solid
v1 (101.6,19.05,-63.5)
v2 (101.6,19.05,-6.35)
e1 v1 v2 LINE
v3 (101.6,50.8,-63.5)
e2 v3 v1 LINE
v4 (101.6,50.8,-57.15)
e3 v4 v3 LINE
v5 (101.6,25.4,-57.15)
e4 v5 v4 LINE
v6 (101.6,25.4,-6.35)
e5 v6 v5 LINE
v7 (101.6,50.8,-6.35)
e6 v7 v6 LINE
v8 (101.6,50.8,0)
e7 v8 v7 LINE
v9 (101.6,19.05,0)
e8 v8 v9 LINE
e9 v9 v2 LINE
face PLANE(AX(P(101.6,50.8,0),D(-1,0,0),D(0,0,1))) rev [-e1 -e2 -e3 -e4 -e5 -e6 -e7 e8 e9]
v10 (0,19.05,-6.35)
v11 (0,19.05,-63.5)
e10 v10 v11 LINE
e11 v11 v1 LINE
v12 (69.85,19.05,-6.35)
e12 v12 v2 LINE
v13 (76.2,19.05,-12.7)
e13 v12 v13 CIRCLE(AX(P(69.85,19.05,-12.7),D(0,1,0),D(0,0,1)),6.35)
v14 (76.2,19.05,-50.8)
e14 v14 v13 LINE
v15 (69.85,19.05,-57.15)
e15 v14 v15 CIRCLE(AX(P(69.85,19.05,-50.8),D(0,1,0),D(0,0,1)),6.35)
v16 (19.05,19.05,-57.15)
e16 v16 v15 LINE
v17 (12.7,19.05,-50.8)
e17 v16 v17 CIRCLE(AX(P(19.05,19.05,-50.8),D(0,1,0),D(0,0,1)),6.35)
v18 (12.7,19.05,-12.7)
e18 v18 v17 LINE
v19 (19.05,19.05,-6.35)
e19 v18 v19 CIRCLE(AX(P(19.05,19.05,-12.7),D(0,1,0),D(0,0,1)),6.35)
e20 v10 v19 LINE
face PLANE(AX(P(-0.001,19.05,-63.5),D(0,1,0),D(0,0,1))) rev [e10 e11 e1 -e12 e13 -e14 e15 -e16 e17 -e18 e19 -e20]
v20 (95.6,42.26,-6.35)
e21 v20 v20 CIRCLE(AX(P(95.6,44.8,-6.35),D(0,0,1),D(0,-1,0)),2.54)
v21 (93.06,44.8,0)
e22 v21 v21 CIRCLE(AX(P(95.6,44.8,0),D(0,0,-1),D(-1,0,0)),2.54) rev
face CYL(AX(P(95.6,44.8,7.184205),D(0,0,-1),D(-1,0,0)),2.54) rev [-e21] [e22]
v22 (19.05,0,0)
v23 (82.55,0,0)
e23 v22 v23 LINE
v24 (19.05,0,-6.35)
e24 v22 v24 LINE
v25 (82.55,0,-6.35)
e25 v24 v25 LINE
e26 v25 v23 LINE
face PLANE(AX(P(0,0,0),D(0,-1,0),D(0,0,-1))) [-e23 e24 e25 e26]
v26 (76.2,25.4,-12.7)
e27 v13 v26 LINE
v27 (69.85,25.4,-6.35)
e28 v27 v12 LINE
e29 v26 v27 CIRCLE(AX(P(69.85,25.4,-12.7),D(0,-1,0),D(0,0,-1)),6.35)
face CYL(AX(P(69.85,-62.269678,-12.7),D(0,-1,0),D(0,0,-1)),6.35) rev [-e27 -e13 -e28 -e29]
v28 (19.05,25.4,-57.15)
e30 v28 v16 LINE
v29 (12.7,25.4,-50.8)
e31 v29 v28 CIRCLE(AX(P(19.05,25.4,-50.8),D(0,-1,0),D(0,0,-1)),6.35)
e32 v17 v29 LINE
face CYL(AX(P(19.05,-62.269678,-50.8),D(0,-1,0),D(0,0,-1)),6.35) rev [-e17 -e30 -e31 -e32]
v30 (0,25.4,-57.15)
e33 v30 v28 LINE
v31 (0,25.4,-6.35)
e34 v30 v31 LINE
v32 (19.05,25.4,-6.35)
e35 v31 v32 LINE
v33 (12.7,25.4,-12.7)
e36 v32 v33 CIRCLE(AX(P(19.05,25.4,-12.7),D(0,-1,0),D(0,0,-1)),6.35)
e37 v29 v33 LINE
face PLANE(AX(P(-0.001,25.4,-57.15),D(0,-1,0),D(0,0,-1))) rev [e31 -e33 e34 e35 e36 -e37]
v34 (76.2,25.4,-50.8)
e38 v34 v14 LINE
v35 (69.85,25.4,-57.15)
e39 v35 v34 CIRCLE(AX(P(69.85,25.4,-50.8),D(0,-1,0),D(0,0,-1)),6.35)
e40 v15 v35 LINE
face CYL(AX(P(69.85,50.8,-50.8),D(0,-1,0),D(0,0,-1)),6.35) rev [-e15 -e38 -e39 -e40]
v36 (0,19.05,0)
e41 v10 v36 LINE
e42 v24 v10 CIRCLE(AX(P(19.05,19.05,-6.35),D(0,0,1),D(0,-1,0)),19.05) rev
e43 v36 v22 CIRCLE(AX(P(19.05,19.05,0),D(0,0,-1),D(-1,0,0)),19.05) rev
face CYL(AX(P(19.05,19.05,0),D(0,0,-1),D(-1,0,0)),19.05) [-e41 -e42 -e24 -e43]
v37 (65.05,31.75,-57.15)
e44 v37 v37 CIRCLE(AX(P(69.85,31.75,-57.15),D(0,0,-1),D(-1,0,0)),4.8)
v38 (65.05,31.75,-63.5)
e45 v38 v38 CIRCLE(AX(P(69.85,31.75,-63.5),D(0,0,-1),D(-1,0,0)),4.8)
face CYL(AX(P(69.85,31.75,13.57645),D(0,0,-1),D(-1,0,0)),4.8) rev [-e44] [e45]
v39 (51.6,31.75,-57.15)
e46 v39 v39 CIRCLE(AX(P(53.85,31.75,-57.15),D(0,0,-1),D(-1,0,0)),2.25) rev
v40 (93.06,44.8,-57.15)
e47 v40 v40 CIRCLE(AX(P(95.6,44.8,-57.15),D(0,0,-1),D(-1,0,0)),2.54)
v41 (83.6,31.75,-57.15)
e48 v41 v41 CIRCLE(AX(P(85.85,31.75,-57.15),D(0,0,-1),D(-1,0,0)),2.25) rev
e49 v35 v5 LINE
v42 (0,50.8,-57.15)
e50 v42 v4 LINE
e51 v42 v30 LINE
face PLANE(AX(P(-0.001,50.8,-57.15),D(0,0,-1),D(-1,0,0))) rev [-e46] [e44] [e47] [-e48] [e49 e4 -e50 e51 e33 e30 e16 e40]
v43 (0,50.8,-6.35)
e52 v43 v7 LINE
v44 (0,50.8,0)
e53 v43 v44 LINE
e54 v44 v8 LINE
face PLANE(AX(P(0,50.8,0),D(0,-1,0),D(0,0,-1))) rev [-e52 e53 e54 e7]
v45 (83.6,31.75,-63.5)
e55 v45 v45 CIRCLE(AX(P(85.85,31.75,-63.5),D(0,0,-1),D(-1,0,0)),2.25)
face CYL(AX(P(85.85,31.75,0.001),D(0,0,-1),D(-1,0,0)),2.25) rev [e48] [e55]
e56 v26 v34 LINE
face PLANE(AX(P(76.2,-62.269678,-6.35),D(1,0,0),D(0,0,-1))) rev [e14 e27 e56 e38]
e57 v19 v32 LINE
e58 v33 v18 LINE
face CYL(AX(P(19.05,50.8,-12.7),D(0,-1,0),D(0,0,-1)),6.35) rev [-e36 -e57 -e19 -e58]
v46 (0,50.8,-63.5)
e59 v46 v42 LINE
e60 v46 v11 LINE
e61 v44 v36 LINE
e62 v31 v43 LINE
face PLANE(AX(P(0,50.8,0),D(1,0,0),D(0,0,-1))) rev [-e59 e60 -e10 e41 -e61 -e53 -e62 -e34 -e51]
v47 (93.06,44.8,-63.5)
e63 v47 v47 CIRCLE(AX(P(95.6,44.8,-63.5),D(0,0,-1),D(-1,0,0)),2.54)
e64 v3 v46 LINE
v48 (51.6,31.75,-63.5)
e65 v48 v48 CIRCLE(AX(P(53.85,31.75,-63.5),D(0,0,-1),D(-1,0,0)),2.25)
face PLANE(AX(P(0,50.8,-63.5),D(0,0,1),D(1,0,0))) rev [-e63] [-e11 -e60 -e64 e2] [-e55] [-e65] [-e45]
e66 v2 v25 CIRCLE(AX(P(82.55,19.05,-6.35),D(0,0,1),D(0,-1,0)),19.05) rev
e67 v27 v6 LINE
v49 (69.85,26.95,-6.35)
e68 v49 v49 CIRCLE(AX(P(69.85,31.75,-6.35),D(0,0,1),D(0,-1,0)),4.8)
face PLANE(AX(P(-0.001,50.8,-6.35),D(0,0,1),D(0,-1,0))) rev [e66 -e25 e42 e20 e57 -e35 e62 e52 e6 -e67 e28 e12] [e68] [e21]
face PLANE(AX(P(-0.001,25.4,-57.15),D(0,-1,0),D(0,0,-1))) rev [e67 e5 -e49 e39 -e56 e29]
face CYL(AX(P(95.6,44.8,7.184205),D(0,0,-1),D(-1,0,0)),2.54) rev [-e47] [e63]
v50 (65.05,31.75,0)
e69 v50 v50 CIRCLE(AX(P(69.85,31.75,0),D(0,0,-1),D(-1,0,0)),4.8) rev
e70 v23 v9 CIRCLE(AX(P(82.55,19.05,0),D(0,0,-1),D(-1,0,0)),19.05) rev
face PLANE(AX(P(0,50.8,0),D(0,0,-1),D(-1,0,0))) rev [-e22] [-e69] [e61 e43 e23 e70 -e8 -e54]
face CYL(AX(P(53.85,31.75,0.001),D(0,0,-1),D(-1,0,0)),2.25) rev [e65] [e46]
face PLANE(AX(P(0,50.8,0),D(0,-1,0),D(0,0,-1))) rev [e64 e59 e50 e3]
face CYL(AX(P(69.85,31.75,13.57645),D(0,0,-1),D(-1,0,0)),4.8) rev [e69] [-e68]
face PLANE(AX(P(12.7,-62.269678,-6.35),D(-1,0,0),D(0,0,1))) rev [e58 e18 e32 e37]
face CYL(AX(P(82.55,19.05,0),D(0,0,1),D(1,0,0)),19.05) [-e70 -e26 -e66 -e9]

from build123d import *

# Parameters (mm, degrees)
SKETCH1_W           = 101.6
SKETCH1_H           = 63.5
BOSS_EXTRUDE1_DEPTH = 50.8
CUT_EXTRUDE1_REACH  = 132.136
SKETCH2_W           = 50.8
SKETCH2_H           = 25.4
SKETCH2_W_2         = 57.15
SKETCH2_H_2         = 19.05
SKETCH5_W           = 63.5
SKETCH5_H           = 50.8
CUT_EXTRUDE5_DEPTH  = 6.35
CUT_EXTRUDE2_REACH  = 132.136
SKETCH3_R           = 2.25
CUT_EXTRUDE3_REACH  = 132.136
CUT_EXTRUDE4_REACH  = 132.136
SKETCH4_R           = 2.54
FILLET1_R           = 19.05
FILLET2_R           = 6.35


with BuildPart() as part:
    # Sketch1 → Boss-Extrude1 (new body)
    with BuildSketch(Plane(origin=(0, 0, 0), x_dir=(1, 0, 0), z_dir=(0, 1, 0))):
        with Locations((50.8, 31.75)):
            Rectangle(SKETCH1_W, SKETCH1_H)
    extrude(amount=BOSS_EXTRUDE1_DEPTH)

    # Sketch2 → Cut-Extrude1 (cut, up to next)
    with BuildSketch(Plane(origin=(101.6, 0, 0), x_dir=(0, 0, -1), z_dir=(1, 0, 0)), mode=Mode.PRIVATE) as cut_extrude1_sk1:
        with Locations((31.75, 38.1)):
            Rectangle(SKETCH2_W, SKETCH2_H)
    cut_extrude1_tool1 = extrude(cut_extrude1_sk1.sketch, amount=-CUT_EXTRUDE1_REACH, mode=Mode.PRIVATE) & part.part
    # Sketch2 → Cut-Extrude1 (cut, up to next)
    with BuildSketch(Plane(origin=(101.6, 0, 0), x_dir=(0, 0, -1), z_dir=(1, 0, 0)), mode=Mode.PRIVATE) as cut_extrude1_sk2:
        with Locations((34.925, 9.525)):
            Rectangle(SKETCH2_W_2, SKETCH2_H_2)
    cut_extrude1_tool2 = extrude(cut_extrude1_sk2.sketch, amount=-CUT_EXTRUDE1_REACH, mode=Mode.PRIVATE) & part.part
    add(cut_extrude1_tool1.solids().sort_by_distance((101.6, 38.1, -31.75))[0], mode=Mode.SUBTRACT)
    add(cut_extrude1_tool2.solids().sort_by_distance((101.6, 9.525, -34.925))[0], mode=Mode.SUBTRACT)

    # Sketch5 → Cut-Extrude5 (cut)
    with BuildSketch(Plane(origin=(0, 25.4, 0), x_dir=(1, 0, 0), z_dir=(0, 1, 0))):
        with Locations((44.45, 31.75)):
            Rectangle(SKETCH5_W, SKETCH5_H)
    extrude(amount=-CUT_EXTRUDE5_DEPTH, mode=Mode.SUBTRACT)

    # Sketch3 → Cut-Extrude2 (cut, up to next)
    with BuildSketch(Plane(origin=(0, 0, -63.5), x_dir=(-1, 0, 0), z_dir=(0, 0, -1)), mode=Mode.PRIVATE) as cut_extrude2_sk1:
        with Locations((-85.85, 31.75)):
            Circle(SKETCH3_R)
    cut_extrude2_tool1 = extrude(cut_extrude2_sk1.sketch, amount=-CUT_EXTRUDE2_REACH, mode=Mode.PRIVATE) & part.part
    # Sketch3 → Cut-Extrude2 (cut, up to next)
    with BuildSketch(Plane(origin=(0, 0, -63.5), x_dir=(-1, 0, 0), z_dir=(0, 0, -1)), mode=Mode.PRIVATE) as cut_extrude2_sk2:
        with Locations((-53.85, 31.75)):
            Circle(SKETCH3_R)
    cut_extrude2_tool2 = extrude(cut_extrude2_sk2.sketch, amount=-CUT_EXTRUDE2_REACH, mode=Mode.PRIVATE) & part.part
    add(cut_extrude2_tool1.solids().sort_by_distance((85.85, 31.75, -63.5))[0], mode=Mode.SUBTRACT)
    add(cut_extrude2_tool2.solids().sort_by_distance((53.85, 31.75, -63.5))[0], mode=Mode.SUBTRACT)

    # Cut-Extrude3: up to this face of the body (flat: up to its plane)
    cut_extrude3_end = Plane(part.part.faces().sort_by_distance((50.8, 25.4, 0))[0])
    # Sketch3<4> → Cut-Extrude3 (cut, up to the picked face)
    with BuildSketch(Plane(origin=(0, 0, -63.5), x_dir=(-1, 0, 0), z_dir=(0, 0, -1)), mode=Mode.PRIVATE) as cut_extrude3_sk1:
        with BuildLine():
            ThreePointArc((-65.05, 31.75), (-69.85, 36.55), (-74.65, 31.75))
            Line((-74.65, 31.75), (-65.05, 31.75))
        make_face()
    cut_extrude3_tool1 = split(extrude(cut_extrude3_sk1.sketch, amount=-CUT_EXTRUDE3_REACH, mode=Mode.PRIVATE), bisect_by=cut_extrude3_end, keep=Keep.BOTH, mode=Mode.PRIVATE)
    # Sketch3<4> → Cut-Extrude3 (cut, up to the picked face)
    with BuildSketch(Plane(origin=(0, 0, -63.5), x_dir=(-1, 0, 0), z_dir=(0, 0, -1)), mode=Mode.PRIVATE) as cut_extrude3_sk2:
        with BuildLine():
            Line((-65.05, 31.75), (-74.65, 31.75))
            ThreePointArc((-74.65, 31.75), (-69.85, 26.95), (-65.05, 31.75))
        make_face()
    cut_extrude3_tool2 = split(extrude(cut_extrude3_sk2.sketch, amount=-CUT_EXTRUDE3_REACH, mode=Mode.PRIVATE), bisect_by=cut_extrude3_end, keep=Keep.BOTH, mode=Mode.PRIVATE)
    # Sketch3<4> → Cut-Extrude3 (cut, up to the picked face)
    with BuildSketch(Plane(origin=(0, 0, -63.5), x_dir=(-1, 0, 0), z_dir=(0, 0, -1)), mode=Mode.PRIVATE) as cut_extrude3_sk3:
        with BuildLine():
            ThreePointArc((-65.05, 31.75), (-69.85, 36.55), (-74.65, 31.75))
            Line((-74.65, 31.75), (-65.05, 31.75))
        make_face()
    cut_extrude3_tool3 = split(extrude(cut_extrude3_sk3.sketch, amount=-CUT_EXTRUDE3_REACH, mode=Mode.PRIVATE), bisect_by=cut_extrude3_end, keep=Keep.BOTH, mode=Mode.PRIVATE)
    # Sketch3<4> → Cut-Extrude3 (cut, up to the picked face)
    with BuildSketch(Plane(origin=(0, 0, -63.5), x_dir=(-1, 0, 0), z_dir=(0, 0, -1)), mode=Mode.PRIVATE) as cut_extrude3_sk4:
        with BuildLine():
            Line((-65.05, 31.75), (-74.65, 31.75))
            ThreePointArc((-74.65, 31.75), (-69.85, 26.95), (-65.05, 31.75))
        make_face()
    cut_extrude3_tool4 = split(extrude(cut_extrude3_sk4.sketch, amount=-CUT_EXTRUDE3_REACH, mode=Mode.PRIVATE), bisect_by=cut_extrude3_end, keep=Keep.BOTH, mode=Mode.PRIVATE)
    add(cut_extrude3_tool1.solids().sort_by(Axis((69.85, 33.787183, -63.5), (0, 0, 1)))[0], mode=Mode.SUBTRACT)
    add(cut_extrude3_tool2.solids().sort_by(Axis((69.85, 29.712817, -63.5), (0, 0, 1)))[0], mode=Mode.SUBTRACT)
    add(cut_extrude3_tool3.solids().sort_by(Axis((69.85, 33.787183, -63.5), (0, 0, 1)))[0], mode=Mode.SUBTRACT)
    add(cut_extrude3_tool4.solids().sort_by(Axis((69.85, 29.712817, -63.5), (0, 0, 1)))[0], mode=Mode.SUBTRACT)

    # Cut-Extrude4: up to this face of the body (flat: up to its plane)
    cut_extrude4_end = Plane(part.part.faces().sort_by_distance((50.529040984, 25.309680328, 0))[0])
    # Sketch4 → Cut-Extrude4 (cut, up to the picked face)
    with BuildSketch(Plane(origin=(0, 0, -63.5), x_dir=(-1, 0, 0), z_dir=(0, 0, -1)), mode=Mode.PRIVATE) as cut_extrude4_sk1:
        with Locations((-95.6, 44.8)):
            Circle(SKETCH4_R)
    cut_extrude4_tool1 = split(extrude(cut_extrude4_sk1.sketch, amount=-CUT_EXTRUDE4_REACH, mode=Mode.PRIVATE), bisect_by=cut_extrude4_end, keep=Keep.BOTH, mode=Mode.PRIVATE)
    add(cut_extrude4_tool1.solids().sort_by(Axis((95.6, 44.8, -63.5), (0, 0, 1)))[0], mode=Mode.SUBTRACT)

    # Fillet1
    fillet1_edges = [part.edges().sort_by_distance(p)[0] for p in [
        (0, 0, -3.175),
        (101.6, 0, -3.175),
    ]]
    fillet(fillet1_edges, radius=FILLET1_R)

    # Fillet2
    fillet2_edges = [part.edges().sort_by_distance(p)[0] for p in [
        (12.7, 22.225, -6.35),
        (12.7, 22.225, -57.15),
        (76.2, 22.225, -57.15),
        (76.2, 22.225, -6.35),
    ]]
    fillet(fillet2_edges, radius=FILLET2_R)


solid = part.part
